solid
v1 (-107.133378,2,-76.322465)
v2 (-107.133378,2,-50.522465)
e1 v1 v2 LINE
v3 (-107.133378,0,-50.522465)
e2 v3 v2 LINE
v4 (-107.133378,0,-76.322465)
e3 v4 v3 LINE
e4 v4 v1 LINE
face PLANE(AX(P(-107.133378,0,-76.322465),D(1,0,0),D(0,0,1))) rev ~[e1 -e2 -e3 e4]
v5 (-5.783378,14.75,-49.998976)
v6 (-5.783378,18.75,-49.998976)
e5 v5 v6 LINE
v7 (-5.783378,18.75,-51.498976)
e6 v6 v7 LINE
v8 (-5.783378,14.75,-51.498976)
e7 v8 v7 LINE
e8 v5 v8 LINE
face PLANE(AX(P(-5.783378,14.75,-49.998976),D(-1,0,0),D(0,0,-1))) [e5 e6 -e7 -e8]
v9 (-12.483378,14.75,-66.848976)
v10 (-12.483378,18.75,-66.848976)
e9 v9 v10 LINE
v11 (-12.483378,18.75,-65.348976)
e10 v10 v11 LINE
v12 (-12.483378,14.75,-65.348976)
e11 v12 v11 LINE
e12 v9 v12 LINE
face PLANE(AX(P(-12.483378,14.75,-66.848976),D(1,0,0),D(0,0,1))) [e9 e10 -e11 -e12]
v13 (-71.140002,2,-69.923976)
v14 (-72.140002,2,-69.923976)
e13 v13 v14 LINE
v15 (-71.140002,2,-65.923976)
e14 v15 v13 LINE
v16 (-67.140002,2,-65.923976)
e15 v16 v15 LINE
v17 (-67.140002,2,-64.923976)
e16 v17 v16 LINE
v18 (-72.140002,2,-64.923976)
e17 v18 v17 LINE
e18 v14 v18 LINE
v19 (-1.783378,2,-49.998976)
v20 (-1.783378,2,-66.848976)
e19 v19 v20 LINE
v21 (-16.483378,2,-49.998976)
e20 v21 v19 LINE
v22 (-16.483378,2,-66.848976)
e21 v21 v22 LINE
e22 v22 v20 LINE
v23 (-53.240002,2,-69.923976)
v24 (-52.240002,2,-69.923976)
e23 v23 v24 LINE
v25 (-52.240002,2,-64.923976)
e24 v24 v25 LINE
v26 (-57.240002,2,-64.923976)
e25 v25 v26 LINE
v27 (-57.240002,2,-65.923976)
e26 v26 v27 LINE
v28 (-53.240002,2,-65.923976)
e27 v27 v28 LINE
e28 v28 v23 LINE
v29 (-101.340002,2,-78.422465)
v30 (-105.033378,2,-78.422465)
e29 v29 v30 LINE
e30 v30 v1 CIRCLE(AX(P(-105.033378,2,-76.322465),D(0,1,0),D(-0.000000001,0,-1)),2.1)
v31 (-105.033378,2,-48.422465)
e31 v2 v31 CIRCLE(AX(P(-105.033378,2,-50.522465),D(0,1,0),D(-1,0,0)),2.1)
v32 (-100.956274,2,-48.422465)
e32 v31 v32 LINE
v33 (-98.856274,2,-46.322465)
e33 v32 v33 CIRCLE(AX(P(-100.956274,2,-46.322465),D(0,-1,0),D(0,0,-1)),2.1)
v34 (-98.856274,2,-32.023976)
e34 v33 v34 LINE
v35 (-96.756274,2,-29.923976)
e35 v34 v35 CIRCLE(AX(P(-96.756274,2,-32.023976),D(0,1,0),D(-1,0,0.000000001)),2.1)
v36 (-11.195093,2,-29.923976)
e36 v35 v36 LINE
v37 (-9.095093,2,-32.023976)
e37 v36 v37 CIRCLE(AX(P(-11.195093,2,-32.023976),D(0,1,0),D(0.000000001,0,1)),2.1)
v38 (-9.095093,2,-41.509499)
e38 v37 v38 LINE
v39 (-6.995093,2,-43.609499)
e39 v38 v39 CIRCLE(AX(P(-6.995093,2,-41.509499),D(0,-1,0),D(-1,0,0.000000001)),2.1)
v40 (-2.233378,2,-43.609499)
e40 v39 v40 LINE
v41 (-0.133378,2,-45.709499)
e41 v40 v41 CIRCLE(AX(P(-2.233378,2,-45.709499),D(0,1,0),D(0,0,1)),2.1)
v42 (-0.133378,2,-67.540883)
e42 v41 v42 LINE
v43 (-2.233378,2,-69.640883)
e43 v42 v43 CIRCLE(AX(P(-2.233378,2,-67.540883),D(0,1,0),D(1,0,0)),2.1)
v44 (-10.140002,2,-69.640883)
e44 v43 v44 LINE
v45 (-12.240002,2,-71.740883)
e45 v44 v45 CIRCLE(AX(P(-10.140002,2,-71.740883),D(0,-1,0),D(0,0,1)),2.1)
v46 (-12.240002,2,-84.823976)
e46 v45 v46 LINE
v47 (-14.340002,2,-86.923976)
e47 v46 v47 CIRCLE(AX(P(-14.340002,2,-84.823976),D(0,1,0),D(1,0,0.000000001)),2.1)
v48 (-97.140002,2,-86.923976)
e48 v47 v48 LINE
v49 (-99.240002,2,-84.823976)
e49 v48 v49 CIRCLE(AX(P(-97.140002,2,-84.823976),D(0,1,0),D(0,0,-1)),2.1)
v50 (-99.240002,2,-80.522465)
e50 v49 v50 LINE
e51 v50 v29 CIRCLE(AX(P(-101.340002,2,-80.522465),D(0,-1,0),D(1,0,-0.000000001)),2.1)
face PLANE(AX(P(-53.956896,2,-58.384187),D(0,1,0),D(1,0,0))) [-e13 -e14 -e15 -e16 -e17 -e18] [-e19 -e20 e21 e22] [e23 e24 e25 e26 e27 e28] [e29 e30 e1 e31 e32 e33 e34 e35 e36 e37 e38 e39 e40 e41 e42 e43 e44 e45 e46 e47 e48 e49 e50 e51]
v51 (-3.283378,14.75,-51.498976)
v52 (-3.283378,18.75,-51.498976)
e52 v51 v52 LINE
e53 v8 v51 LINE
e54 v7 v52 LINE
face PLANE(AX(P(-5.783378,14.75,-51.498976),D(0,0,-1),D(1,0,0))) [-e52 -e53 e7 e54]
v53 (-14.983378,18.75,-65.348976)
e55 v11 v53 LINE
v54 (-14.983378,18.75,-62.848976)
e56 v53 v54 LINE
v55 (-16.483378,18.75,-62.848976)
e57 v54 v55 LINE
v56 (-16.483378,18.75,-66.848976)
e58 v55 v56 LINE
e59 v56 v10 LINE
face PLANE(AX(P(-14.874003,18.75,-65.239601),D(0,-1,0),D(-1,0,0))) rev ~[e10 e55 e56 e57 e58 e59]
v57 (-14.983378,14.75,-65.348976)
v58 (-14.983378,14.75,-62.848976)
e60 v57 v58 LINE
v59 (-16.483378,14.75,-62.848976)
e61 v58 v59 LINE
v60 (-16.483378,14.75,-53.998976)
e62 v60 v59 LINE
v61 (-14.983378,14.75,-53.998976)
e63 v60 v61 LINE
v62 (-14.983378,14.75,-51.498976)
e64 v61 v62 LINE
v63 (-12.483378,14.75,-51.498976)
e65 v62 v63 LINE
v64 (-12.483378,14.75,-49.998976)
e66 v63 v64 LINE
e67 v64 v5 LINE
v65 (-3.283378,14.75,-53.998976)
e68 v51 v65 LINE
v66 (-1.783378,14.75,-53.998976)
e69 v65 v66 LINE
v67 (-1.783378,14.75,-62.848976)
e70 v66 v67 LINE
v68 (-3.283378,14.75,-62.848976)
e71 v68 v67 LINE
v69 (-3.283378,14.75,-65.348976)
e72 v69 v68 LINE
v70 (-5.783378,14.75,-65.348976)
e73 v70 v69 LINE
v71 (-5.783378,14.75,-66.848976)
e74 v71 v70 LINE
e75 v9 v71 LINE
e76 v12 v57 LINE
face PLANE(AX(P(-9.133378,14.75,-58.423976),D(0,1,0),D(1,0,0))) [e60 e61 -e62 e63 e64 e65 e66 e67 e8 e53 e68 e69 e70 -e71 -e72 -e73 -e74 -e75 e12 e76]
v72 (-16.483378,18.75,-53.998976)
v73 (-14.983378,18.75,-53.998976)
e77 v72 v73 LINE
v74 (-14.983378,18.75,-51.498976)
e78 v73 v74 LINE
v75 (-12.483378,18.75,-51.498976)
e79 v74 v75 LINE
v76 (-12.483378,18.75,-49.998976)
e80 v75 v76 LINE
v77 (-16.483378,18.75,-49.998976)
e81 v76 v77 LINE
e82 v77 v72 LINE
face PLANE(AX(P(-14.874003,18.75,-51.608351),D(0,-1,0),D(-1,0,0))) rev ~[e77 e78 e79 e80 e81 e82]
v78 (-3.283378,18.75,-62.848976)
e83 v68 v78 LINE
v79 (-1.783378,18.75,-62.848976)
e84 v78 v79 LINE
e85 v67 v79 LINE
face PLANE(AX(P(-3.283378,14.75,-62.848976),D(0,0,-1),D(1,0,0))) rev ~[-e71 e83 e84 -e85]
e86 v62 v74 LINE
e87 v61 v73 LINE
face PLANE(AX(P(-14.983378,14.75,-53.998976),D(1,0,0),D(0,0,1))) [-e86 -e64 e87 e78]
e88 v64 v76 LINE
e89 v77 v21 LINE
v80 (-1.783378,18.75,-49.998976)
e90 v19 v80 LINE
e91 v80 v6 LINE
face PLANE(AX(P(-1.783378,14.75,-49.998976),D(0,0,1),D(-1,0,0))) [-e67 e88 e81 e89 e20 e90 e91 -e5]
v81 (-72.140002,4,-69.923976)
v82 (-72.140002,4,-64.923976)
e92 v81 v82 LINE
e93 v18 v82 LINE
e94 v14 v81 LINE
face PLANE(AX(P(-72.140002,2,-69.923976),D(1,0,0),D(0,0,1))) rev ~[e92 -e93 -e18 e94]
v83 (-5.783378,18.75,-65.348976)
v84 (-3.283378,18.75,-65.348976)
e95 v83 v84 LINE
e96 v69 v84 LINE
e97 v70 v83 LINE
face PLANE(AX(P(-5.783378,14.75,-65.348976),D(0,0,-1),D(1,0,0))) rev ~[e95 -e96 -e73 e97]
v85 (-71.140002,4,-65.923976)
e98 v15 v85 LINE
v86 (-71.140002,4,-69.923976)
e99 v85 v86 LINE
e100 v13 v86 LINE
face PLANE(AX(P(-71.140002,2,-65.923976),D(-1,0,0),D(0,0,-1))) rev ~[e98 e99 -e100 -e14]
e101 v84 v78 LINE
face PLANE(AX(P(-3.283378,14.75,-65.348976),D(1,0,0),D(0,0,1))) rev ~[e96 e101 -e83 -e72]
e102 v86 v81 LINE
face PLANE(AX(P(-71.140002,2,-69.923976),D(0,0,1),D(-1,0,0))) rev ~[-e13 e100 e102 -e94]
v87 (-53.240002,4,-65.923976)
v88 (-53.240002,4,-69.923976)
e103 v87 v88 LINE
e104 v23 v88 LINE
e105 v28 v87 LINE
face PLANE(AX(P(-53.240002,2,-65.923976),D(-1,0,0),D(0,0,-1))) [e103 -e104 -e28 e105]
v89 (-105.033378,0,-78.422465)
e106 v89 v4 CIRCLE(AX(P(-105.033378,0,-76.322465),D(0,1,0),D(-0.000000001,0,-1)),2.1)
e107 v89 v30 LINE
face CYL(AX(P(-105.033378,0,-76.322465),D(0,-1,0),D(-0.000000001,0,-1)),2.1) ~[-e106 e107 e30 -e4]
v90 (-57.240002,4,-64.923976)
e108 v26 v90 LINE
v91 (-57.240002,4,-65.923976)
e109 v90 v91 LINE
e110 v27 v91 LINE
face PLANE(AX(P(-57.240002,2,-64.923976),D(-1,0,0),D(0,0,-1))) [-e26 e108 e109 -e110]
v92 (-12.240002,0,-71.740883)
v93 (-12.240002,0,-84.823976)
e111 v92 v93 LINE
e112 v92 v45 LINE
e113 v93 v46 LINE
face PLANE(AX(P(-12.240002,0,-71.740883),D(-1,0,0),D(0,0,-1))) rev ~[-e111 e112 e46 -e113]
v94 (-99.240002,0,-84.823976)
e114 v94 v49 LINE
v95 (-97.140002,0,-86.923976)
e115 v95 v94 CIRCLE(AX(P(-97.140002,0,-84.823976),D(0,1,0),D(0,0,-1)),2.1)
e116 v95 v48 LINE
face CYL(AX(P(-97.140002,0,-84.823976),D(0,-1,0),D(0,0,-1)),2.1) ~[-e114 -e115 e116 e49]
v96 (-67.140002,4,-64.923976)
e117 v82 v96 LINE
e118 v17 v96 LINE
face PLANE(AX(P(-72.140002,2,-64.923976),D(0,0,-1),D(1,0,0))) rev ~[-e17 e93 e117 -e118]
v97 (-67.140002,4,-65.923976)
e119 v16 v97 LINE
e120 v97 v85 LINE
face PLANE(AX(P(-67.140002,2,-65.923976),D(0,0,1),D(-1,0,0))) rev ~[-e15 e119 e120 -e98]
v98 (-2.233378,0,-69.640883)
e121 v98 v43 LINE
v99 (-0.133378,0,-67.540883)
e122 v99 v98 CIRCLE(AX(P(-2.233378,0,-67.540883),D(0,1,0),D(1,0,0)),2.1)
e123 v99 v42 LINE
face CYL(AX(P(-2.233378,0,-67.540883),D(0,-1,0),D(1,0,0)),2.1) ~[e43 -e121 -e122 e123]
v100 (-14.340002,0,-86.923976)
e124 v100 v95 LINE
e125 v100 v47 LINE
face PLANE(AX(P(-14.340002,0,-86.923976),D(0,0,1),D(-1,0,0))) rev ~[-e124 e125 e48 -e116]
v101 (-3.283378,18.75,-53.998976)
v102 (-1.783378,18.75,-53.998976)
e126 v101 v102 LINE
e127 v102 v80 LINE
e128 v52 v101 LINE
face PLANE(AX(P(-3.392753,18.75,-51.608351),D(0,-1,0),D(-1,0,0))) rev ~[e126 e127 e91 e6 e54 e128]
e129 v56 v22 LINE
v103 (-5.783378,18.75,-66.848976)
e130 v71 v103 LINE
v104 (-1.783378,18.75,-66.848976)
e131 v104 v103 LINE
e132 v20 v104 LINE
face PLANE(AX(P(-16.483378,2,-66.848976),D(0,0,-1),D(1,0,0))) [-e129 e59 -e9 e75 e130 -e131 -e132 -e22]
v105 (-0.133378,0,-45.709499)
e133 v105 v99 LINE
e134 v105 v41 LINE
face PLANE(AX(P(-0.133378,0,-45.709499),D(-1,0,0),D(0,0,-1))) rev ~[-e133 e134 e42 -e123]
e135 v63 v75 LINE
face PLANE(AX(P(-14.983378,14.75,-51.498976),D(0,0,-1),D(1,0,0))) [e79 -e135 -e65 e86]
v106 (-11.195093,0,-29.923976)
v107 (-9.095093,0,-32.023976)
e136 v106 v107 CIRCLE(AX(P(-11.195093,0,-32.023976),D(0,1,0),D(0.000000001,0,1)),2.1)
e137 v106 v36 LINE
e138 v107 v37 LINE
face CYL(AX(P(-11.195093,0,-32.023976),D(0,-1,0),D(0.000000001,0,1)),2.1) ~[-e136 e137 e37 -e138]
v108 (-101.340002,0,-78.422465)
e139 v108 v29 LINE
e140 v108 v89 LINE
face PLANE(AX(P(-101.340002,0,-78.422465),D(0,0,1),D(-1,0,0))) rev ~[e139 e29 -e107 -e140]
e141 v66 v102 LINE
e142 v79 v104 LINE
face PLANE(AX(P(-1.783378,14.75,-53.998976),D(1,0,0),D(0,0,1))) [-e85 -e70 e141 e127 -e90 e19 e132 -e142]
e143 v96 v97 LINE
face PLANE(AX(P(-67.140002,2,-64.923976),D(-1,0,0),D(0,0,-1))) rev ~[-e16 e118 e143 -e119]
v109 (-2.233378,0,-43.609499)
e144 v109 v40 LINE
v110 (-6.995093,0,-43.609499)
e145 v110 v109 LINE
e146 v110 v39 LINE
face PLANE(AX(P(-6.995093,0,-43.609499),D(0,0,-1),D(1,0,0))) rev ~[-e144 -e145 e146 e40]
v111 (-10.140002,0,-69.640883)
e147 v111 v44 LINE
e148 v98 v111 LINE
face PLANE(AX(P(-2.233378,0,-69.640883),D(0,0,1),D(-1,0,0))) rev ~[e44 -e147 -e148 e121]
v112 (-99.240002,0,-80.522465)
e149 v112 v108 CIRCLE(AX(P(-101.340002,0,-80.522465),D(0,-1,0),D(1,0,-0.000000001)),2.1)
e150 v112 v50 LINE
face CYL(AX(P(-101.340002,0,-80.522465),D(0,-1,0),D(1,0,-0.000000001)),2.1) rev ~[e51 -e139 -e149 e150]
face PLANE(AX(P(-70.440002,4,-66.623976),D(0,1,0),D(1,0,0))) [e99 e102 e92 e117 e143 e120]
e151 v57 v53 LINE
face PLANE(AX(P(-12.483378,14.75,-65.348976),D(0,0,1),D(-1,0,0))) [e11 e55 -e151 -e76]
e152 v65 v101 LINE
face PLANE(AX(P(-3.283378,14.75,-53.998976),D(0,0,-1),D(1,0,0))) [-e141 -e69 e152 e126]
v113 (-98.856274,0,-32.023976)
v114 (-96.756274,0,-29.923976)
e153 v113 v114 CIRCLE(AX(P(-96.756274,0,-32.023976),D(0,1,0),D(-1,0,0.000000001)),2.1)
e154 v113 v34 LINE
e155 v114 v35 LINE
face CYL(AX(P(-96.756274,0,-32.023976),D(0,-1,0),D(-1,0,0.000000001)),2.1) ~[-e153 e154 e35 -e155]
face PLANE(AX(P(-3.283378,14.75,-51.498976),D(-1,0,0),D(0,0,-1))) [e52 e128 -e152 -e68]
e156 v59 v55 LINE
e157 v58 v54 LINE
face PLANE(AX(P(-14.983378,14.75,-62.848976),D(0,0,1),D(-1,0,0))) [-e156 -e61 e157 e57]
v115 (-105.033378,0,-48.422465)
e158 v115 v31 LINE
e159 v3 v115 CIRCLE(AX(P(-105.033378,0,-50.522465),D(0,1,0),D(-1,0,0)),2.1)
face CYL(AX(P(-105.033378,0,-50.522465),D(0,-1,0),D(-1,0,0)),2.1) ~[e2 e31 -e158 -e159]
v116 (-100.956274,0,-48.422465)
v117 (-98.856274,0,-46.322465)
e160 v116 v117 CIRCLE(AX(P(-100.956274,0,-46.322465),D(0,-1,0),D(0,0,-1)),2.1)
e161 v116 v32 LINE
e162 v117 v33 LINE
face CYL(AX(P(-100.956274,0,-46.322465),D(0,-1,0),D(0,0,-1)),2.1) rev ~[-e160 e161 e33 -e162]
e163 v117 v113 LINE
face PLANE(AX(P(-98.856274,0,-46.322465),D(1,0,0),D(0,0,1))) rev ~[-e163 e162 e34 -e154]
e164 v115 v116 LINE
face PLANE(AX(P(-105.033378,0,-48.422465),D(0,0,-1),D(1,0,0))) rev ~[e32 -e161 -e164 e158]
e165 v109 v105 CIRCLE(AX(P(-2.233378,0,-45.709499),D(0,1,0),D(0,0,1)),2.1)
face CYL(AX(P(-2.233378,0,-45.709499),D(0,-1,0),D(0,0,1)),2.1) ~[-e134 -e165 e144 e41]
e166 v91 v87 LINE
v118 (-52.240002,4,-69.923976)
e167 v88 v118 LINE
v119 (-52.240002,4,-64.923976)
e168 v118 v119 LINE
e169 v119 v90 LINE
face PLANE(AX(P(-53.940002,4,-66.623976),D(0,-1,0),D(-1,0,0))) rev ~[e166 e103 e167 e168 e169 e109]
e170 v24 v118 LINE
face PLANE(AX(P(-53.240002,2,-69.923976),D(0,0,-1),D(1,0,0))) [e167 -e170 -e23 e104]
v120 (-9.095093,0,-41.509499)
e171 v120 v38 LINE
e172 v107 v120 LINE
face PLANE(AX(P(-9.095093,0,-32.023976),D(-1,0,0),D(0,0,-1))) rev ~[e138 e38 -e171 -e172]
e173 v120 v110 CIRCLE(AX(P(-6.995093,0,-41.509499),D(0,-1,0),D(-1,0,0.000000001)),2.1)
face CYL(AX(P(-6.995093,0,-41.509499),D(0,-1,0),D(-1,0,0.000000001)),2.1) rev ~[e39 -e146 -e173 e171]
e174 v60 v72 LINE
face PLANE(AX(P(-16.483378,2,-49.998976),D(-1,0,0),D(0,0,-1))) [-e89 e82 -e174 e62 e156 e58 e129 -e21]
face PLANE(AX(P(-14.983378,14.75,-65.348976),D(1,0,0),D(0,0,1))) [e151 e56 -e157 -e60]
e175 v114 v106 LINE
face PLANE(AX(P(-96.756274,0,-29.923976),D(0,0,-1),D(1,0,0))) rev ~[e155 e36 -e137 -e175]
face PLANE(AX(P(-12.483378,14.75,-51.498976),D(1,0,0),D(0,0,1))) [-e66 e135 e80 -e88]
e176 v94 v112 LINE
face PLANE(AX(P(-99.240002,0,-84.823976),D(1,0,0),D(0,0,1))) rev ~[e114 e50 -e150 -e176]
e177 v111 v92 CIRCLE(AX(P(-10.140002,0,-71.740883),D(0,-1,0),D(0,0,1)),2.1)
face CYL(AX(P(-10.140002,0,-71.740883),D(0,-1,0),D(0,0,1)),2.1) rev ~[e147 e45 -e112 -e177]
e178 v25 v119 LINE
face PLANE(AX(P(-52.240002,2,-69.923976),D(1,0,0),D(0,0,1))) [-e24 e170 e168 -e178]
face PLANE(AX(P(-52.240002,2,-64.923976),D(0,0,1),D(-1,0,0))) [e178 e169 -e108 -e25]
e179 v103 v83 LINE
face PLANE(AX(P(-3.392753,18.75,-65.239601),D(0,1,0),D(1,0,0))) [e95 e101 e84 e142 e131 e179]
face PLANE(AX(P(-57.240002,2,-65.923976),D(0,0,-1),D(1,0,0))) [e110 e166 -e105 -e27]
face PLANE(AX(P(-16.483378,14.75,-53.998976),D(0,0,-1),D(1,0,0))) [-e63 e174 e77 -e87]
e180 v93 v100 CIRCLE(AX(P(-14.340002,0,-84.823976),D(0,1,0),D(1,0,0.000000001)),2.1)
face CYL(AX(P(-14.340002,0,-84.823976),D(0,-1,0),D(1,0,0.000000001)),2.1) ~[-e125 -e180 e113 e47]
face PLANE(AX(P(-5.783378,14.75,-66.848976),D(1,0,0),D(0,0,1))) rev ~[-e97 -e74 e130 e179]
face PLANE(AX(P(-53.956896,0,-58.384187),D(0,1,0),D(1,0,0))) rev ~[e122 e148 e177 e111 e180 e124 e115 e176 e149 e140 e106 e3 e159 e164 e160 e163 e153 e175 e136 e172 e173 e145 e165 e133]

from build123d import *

# Parameters (mm, degrees)
BOSS_EXTRUDE1_DEPTH = 2
BOSS_EXTRUDE2_DEPTH = 2
SKETCH3_W           = 14.7
SKETCH3_H           = 16.85
BOSS_EXTRUDE3_DEPTH = 12.75
BOSS_EXTRUDE4_DEPTH = 4


with BuildPart() as part:
    # Sketch1 → Boss-Extrude1 (new body)
    with BuildSketch(Plane(origin=(0, 0, 0), x_dir=(1, 0, 0), z_dir=(0, 1, 0))):
        with BuildLine():
            Line((-14.340002267, 86.923975611), (-97.140002267, 86.923975611))
            ThreePointArc((-97.140002267, 86.923975611), (-98.624926507, 86.308899852), (-99.240002267, 84.823975611))
            Line((-99.240002267, 84.823975611), (-99.240002267, 80.522464507))
            ThreePointArc((-99.240002267, 80.522464507), (-99.855078026, 79.037540266), (-101.340002267, 78.422464507))
            Line((-101.340002267, 78.422464507), (-105.03337779, 78.422464507))
            ThreePointArc((-105.03337779, 78.422464507), (-106.51830203, 77.807388747), (-107.13337779, 76.322464507))
            Line((-107.13337779, 76.322464507), (-107.13337779, 50.522464507))
            ThreePointArc((-107.13337779, 50.522464507), (-106.51830203, 49.037540266), (-105.03337779, 48.422464507))
            Line((-105.03337779, 48.422464507), (-100.956274126, 48.422464507))
            ThreePointArc((-100.956274126, 48.422464507), (-99.471349885, 47.807388747), (-98.856274126, 46.322464507))
            Line((-98.856274126, 46.322464507), (-98.856274126, 32.023975611))
            ThreePointArc((-98.856274126, 32.023975611), (-98.241198366, 30.539051371), (-96.756274126, 29.923975611))
            Line((-96.756274126, 29.923975611), (-11.195092997, 29.923975611))
            ThreePointArc((-11.195092997, 29.923975611), (-9.710168757, 30.539051371), (-9.095092997, 32.023975611))
            Line((-9.095092997, 32.023975611), (-9.095092997, 41.509498791))
            ThreePointArc((-9.095092997, 41.509498791), (-8.480017238, 42.994423032), (-6.995092997, 43.609498791))
            Line((-6.995092997, 43.609498791), (-2.23337779, 43.609498791))
            ThreePointArc((-2.23337779, 43.609498791), (-0.748453549, 44.224574551), (-0.13337779, 45.709498791))
            Line((-0.13337779, 45.709498791), (-0.13337779, 67.540883484))
            ThreePointArc((-0.13337779, 67.540883484), (-0.748453549, 69.025807724), (-2.23337779, 69.640883484))
            Line((-2.23337779, 69.640883484), (-10.140002267, 69.640883484))
            ThreePointArc((-10.140002267, 69.640883484), (-11.624926507, 70.255959243), (-12.240002267, 71.740883484))
            Line((-12.240002267, 71.740883484), (-12.240002267, 84.823975611))
            ThreePointArc((-12.240002267, 84.823975611), (-12.855078026, 86.308899852), (-14.340002267, 86.923975611))
        make_face()
    extrude(amount=BOSS_EXTRUDE1_DEPTH)

    # Sketch2 → Boss-Extrude2 (add)
    with BuildSketch(Plane(origin=(0, 2, 0), x_dir=(1, 0, 0), z_dir=(0, 1, 0))):
        Polygon((-52.240002267, 64.923975611), (-57.240002267, 64.923975611), (-57.240002267, 65.923975611), (-53.240002267, 65.923975611), (-53.240002267, 69.923975611), (-52.240002267, 69.923975611), align=None)
        Polygon((-72.140002267, 64.923975611), (-67.140002267, 64.923975611), (-67.140002267, 65.923975611), (-71.140002267, 65.923975611), (-71.140002267, 69.923975611), (-72.140002267, 69.923975611), align=None)
    extrude(amount=BOSS_EXTRUDE2_DEPTH)

    # Sketch3 → Boss-Extrude3 (add)
    with BuildSketch(Plane(origin=(0, 2, 0), x_dir=(1, 0, 0), z_dir=(0, 1, 0))):
        with Locations((-9.13337779, 58.423975611)):
            Rectangle(SKETCH3_W, SKETCH3_H)
    extrude(amount=BOSS_EXTRUDE3_DEPTH)

    # Sketch4 → Boss-Extrude4 (add)
    with BuildSketch(Plane(origin=(0, 14.75, 0), x_dir=(1, 0, 0), z_dir=(0, 1, 0))):
        Polygon((-1.78337779, 49.998975611), (-5.78337779, 49.998975611), (-5.78337779, 51.498975611), (-3.28337779, 51.498975611), (-3.28337779, 53.998975611), (-1.78337779, 53.998975611), align=None)
        Polygon((-1.78337779, 66.848975611), (-5.78337779, 66.848975611), (-5.78337779, 65.348975611), (-3.28337779, 65.348975611), (-3.28337779, 62.848975611), (-1.78337779, 62.848975611), align=None)
        Polygon((-16.48337779, 49.998975611), (-16.48337779, 53.998975611), (-14.98337779, 53.998975611), (-14.98337779, 51.498975611), (-12.48337779, 51.498975611), (-12.48337779, 49.998975611), align=None)
        Polygon((-14.98337779, 62.848975611), (-16.48337779, 62.848975611), (-16.48337779, 66.848975611), (-12.48337779, 66.848975611), (-12.48337779, 65.348975611), (-14.98337779, 65.348975611), align=None)
    extrude(amount=BOSS_EXTRUDE4_DEPTH)


solid = part.part
